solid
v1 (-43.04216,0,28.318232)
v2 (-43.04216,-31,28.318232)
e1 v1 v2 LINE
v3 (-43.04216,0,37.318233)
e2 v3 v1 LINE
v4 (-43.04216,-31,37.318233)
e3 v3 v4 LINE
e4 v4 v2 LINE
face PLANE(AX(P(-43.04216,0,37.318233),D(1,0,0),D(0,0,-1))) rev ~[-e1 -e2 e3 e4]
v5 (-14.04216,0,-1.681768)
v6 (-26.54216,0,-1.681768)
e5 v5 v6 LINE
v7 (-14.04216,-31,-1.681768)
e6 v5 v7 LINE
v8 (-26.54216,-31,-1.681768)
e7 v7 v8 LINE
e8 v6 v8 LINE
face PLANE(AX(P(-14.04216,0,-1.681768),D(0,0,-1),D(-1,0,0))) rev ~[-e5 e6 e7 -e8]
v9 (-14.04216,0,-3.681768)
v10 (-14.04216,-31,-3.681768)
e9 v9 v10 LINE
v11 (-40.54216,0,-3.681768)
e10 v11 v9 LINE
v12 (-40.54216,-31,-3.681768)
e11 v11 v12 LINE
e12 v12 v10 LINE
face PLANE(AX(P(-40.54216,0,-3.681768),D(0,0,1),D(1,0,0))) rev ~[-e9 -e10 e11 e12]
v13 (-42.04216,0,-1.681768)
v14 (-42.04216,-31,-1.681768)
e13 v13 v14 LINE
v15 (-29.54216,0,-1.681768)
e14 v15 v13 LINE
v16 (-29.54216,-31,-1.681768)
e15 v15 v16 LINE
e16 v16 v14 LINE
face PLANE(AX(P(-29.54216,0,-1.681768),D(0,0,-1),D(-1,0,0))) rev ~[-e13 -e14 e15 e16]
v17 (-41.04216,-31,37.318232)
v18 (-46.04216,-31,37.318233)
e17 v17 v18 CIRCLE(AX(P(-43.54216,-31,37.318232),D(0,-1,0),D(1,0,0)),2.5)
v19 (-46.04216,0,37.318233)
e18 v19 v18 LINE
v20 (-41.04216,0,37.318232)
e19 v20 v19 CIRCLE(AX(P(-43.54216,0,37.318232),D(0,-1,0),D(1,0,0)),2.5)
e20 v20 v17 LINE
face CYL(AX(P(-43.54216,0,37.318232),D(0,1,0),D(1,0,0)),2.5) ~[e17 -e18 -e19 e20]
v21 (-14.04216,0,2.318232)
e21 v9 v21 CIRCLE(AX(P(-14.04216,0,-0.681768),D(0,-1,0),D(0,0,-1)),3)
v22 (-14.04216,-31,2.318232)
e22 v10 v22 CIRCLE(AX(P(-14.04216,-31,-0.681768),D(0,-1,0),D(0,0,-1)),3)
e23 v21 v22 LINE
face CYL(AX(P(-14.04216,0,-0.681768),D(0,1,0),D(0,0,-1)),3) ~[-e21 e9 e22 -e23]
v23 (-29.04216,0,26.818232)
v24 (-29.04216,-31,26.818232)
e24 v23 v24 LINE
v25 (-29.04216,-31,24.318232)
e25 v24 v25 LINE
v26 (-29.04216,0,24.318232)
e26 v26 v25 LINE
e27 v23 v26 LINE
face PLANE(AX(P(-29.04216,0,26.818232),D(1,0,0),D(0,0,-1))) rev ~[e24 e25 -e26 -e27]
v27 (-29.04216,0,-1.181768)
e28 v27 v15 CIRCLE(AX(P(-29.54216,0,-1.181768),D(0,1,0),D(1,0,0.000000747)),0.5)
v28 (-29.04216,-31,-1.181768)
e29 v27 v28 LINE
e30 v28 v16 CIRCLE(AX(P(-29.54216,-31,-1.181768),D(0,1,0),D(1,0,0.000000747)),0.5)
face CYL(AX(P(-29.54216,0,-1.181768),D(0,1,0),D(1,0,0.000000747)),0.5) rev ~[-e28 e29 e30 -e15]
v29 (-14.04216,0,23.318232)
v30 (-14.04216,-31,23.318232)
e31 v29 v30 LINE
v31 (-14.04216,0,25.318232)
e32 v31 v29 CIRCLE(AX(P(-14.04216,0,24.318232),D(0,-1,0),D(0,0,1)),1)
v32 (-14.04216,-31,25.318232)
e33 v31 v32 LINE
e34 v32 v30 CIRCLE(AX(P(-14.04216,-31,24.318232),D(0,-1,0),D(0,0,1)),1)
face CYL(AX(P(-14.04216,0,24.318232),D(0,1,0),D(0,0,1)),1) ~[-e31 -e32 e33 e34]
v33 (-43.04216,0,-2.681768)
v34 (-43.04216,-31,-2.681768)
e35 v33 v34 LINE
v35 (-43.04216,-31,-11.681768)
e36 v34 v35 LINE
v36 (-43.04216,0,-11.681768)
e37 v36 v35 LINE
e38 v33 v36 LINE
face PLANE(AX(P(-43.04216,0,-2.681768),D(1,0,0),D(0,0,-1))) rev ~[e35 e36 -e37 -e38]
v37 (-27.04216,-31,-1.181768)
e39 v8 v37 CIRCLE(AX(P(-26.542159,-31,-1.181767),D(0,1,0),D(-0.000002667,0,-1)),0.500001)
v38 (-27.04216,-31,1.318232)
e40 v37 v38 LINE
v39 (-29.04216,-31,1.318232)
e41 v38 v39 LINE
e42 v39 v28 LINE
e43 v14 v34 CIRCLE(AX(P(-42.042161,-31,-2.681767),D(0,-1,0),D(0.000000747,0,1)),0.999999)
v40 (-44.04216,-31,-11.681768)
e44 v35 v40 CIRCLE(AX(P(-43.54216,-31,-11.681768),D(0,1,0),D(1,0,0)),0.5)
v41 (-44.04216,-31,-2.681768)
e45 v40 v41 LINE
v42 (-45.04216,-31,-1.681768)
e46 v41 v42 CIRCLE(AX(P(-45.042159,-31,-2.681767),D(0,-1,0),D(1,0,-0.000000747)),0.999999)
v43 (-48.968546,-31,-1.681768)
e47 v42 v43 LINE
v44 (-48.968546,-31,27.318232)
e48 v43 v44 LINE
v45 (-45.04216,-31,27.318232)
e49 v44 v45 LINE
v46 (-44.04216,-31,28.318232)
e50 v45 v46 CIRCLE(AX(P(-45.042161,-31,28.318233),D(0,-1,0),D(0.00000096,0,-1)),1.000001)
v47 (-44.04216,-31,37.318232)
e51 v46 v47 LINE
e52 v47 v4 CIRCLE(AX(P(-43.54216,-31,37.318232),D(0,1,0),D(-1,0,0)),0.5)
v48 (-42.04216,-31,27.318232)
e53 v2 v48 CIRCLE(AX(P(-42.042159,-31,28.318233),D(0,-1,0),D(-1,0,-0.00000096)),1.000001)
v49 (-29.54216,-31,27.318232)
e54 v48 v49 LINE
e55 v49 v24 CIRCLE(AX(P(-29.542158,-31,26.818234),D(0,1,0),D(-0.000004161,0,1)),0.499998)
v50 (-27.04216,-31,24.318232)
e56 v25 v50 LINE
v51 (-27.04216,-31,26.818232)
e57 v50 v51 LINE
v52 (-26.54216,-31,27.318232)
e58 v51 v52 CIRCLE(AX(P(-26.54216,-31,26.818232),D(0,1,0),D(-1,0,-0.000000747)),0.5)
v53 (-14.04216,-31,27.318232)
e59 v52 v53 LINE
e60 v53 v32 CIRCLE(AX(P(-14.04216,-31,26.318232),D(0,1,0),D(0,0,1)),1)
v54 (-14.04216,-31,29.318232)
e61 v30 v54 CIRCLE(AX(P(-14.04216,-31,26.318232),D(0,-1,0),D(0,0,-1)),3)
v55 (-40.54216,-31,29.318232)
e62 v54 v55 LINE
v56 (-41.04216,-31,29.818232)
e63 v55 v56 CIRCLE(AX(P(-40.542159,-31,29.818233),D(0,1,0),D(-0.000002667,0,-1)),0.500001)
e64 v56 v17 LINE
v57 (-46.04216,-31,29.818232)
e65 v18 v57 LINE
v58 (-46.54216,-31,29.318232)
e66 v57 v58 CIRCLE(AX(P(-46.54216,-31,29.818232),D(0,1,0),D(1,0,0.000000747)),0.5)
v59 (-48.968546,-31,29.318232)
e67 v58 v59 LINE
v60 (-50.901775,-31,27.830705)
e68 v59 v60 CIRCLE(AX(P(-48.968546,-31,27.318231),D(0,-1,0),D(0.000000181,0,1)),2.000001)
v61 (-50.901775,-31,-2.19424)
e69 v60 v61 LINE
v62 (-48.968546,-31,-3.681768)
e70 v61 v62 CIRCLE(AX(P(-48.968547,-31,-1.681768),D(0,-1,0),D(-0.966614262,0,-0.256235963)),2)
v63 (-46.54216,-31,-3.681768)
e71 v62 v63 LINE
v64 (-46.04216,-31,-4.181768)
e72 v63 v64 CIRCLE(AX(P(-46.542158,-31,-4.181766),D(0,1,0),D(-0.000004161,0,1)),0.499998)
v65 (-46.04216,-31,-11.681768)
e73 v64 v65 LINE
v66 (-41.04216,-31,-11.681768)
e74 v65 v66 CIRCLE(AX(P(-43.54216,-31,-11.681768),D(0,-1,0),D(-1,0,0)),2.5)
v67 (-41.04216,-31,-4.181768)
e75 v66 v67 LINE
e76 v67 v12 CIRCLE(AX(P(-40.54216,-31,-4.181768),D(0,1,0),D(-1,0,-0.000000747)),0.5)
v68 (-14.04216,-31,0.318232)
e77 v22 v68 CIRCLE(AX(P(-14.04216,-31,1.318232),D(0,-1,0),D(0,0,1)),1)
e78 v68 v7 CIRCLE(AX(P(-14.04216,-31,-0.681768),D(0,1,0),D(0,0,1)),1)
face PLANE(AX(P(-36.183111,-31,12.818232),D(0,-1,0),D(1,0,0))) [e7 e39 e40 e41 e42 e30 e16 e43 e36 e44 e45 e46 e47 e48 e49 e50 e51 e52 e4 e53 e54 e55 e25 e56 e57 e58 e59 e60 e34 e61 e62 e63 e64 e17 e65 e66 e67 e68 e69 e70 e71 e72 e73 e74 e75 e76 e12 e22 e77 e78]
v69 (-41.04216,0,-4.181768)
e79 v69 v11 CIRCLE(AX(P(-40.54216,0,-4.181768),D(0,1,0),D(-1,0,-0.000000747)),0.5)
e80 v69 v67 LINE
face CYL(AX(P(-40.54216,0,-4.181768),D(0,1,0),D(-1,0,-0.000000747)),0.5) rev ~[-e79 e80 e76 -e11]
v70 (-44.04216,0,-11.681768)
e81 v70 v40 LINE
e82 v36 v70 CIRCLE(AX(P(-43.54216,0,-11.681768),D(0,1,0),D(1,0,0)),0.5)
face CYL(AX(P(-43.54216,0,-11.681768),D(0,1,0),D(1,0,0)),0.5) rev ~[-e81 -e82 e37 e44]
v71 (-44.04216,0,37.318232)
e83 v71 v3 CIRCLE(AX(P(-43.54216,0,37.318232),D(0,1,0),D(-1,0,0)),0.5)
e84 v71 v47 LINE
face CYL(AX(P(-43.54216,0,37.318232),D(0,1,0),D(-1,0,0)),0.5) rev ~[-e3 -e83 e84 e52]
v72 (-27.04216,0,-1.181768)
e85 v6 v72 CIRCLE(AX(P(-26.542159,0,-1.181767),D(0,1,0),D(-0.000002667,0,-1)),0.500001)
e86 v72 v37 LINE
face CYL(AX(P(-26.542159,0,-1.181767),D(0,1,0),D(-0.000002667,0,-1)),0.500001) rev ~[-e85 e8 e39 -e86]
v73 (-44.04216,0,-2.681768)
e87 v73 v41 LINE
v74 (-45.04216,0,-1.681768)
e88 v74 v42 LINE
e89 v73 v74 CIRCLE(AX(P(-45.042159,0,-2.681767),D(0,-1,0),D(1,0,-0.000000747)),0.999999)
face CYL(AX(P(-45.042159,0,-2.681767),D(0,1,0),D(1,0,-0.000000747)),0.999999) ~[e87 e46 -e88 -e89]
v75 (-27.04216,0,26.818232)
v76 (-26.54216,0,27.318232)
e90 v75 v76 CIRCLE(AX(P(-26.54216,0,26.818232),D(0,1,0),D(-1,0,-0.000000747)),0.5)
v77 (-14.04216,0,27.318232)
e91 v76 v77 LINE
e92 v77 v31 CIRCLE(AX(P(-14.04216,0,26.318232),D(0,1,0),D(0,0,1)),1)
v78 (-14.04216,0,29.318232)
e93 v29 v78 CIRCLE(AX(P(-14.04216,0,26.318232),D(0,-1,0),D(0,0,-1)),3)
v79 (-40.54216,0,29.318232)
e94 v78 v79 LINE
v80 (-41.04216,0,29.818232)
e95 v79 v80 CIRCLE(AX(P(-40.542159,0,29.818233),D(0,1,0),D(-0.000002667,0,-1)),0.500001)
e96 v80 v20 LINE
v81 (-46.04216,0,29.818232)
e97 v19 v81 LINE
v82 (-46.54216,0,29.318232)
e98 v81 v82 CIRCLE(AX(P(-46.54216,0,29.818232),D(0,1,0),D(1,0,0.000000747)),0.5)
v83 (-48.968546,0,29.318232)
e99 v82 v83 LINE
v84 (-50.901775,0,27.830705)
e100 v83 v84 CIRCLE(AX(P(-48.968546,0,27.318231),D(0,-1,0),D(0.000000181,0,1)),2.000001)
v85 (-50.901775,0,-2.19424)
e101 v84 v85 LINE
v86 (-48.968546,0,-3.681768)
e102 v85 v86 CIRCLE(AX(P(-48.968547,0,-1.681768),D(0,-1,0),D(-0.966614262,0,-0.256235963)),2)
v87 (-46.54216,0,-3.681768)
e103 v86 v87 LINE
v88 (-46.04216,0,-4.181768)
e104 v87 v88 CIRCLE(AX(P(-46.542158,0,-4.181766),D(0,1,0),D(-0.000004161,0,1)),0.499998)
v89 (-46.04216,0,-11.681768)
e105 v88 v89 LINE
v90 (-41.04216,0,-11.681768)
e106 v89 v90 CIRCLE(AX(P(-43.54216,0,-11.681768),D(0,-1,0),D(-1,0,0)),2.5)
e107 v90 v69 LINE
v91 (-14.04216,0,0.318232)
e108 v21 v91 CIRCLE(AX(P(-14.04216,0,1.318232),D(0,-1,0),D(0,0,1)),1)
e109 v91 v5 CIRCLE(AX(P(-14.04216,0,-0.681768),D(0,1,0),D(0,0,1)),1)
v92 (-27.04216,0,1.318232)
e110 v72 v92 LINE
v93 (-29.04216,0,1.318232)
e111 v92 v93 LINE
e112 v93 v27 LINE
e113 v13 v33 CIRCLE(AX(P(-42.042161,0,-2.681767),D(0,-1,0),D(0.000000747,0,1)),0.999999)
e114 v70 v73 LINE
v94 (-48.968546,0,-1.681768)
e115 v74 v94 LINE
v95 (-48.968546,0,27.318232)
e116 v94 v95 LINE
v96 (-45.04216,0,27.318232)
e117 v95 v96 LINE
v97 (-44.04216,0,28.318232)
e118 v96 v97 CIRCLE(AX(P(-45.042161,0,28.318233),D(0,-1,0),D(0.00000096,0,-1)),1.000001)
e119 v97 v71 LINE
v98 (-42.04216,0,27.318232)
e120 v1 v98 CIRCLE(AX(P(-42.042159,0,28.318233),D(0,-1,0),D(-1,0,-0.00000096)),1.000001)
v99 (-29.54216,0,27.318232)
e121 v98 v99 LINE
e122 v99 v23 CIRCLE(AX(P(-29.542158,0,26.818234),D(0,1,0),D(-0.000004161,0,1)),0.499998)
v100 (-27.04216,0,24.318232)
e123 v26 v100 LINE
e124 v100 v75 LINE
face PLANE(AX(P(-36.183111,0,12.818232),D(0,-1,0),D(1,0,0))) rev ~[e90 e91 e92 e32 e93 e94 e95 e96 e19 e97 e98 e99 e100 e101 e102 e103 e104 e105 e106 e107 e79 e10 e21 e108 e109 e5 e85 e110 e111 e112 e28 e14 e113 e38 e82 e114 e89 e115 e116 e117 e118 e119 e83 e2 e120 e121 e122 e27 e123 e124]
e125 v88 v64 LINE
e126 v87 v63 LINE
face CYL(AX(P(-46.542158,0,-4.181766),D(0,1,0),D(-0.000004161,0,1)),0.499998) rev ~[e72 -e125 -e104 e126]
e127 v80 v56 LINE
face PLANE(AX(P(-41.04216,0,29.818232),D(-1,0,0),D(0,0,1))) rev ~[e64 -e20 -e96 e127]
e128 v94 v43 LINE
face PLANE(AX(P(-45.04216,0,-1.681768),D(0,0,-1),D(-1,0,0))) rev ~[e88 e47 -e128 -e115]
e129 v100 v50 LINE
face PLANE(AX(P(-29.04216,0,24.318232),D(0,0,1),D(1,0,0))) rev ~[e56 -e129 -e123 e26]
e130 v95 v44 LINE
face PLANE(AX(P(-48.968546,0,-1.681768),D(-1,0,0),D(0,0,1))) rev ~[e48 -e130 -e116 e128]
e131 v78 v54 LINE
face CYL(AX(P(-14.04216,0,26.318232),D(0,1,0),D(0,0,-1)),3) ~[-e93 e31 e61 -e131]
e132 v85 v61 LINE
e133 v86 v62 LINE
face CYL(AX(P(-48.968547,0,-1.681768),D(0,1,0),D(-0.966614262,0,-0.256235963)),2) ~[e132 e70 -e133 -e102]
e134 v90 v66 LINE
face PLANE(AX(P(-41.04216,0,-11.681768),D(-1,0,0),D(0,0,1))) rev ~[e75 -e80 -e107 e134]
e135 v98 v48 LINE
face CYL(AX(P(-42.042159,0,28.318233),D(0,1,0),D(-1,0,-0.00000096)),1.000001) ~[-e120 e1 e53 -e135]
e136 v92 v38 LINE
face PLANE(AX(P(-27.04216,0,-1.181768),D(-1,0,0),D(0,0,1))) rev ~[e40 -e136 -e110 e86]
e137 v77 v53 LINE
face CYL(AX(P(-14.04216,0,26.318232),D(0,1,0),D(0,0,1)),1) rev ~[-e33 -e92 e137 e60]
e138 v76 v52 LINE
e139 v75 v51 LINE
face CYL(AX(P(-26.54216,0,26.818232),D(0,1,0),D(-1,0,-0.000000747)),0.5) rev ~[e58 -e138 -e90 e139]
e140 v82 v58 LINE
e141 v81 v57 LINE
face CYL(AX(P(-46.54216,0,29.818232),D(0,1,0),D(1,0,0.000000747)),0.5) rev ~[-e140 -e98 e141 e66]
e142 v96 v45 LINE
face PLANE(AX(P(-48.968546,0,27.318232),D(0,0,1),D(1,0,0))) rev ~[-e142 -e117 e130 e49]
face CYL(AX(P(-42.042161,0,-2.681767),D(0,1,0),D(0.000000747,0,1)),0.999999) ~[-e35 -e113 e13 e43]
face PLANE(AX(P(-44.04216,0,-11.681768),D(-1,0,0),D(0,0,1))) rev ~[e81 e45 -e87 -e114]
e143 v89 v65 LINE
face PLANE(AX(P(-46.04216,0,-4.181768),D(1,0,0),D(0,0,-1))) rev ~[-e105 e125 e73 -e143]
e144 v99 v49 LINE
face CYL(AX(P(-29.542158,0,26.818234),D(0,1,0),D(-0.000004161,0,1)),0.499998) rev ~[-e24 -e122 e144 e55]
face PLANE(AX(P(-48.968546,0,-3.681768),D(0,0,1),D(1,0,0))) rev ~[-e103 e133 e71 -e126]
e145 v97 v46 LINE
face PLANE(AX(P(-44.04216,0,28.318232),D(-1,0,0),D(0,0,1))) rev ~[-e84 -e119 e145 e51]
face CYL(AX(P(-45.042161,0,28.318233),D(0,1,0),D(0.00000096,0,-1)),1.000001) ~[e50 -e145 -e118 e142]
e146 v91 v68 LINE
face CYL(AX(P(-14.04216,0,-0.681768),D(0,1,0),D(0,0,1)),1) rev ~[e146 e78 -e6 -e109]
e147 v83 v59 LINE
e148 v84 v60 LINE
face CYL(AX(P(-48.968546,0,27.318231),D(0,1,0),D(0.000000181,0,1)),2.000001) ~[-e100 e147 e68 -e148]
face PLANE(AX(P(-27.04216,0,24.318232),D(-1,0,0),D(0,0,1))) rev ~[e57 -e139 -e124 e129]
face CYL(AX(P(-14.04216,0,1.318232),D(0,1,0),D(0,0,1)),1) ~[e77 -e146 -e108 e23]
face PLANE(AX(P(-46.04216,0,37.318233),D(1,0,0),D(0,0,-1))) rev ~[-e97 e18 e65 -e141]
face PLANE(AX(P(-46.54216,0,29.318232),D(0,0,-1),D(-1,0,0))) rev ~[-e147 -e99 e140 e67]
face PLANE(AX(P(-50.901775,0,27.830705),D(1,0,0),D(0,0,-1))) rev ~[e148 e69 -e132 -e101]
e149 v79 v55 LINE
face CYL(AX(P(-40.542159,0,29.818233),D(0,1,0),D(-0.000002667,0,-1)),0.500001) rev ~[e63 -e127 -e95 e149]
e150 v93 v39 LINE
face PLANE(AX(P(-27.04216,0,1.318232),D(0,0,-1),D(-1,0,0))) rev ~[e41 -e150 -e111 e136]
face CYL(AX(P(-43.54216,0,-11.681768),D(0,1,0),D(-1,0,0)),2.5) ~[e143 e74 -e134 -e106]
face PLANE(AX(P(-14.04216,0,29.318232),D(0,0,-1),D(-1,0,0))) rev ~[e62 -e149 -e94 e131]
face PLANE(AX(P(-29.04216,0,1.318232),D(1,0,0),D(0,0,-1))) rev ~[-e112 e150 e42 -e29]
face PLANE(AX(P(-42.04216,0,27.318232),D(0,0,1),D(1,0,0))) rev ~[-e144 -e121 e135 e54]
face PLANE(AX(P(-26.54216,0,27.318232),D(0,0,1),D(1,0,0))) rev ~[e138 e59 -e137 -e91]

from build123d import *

# Parameters (mm, degrees)
F1_DEPTH = 31


with BuildPart() as f1:
    # F0 (on Front) → F1 (new body)
    with BuildSketch(Plane.XZ):
        with BuildLine():
            ThreePointArc((-27.04216, 26.818232), (-26.895713, 27.171786), (-26.54216, 27.318232))
            Line((-26.54216, 27.318232), (-14.04216, 27.318232))
            ThreePointArc((-14.04216, 27.318232), (-13.04216, 26.318232), (-14.04216, 25.318232))
            ThreePointArc((-14.04216, 25.318232), (-15.04216, 24.318232), (-14.04216, 23.318232))
            ThreePointArc((-14.04216, 23.318232), (-11.04216, 26.318232), (-14.04216, 29.318232))
            Line((-14.04216, 29.318232), (-40.54216, 29.318232))
            ThreePointArc((-40.54216, 29.318232), (-40.895713, 29.464679), (-41.04216, 29.818232))
            Line((-41.04216, 29.818232), (-41.04216, 37.318232))
            ThreePointArc((-41.04216, 37.318232), (-43.54216, 39.818232), (-46.04216, 37.318233))
            Line((-46.04216, 37.318233), (-46.04216, 29.818232))
            ThreePointArc((-46.04216, 29.818232), (-46.188606, 29.464679), (-46.54216, 29.318232))
            Line((-46.54216, 29.318232), (-48.968546, 29.318232))
            ThreePointArc((-48.968546, 29.318232), (-50.188189, 28.90331), (-50.901775, 27.830705))
            Line((-50.901775, 27.830705), (-50.901775, 12.818232))
            Line((-50.901775, 12.818232), (-50.901775, -2.19424))
            ThreePointArc((-50.901775, -2.19424), (-50.188189, -3.266846), (-48.968546, -3.681768))
            Line((-48.968546, -3.681768), (-46.54216, -3.681768))
            ThreePointArc((-46.54216, -3.681768), (-46.188606, -3.828214), (-46.04216, -4.181768))
            Line((-46.04216, -4.181768), (-46.04216, -11.681768))
            ThreePointArc((-46.04216, -11.681768), (-43.54216, -14.181768), (-41.04216, -11.681768))
            Line((-41.04216, -11.681768), (-41.04216, -4.181768))
            ThreePointArc((-41.04216, -4.181768), (-40.895713, -3.828214), (-40.54216, -3.681768))
            Line((-40.54216, -3.681768), (-14.04216, -3.681768))
            ThreePointArc((-14.04216, -3.681768), (-11.04216, -0.681768), (-14.04216, 2.318232))
            ThreePointArc((-14.04216, 2.318232), (-15.04216, 1.318232), (-14.04216, 0.318232))
            ThreePointArc((-14.04216, 0.318232), (-13.04216, -0.681768), (-14.04216, -1.681768))
            Line((-14.04216, -1.681768), (-26.54216, -1.681768))
            ThreePointArc((-26.54216, -1.681768), (-26.895713, -1.535321), (-27.04216, -1.181768))
            Line((-27.04216, -1.181768), (-27.04216, 1.318232))
            Line((-27.04216, 1.318232), (-29.04216, 1.318232))
            Line((-29.04216, 1.318232), (-29.04216, -1.181768))
            ThreePointArc((-29.04216, -1.181768), (-29.188606, -1.535321), (-29.54216, -1.681768))
            Line((-29.54216, -1.681768), (-42.04216, -1.681768))
            ThreePointArc((-42.04216, -1.681768), (-42.749267, -1.974661), (-43.04216, -2.681768))
            Line((-43.04216, -2.681768), (-43.04216, -11.681768))
            ThreePointArc((-43.04216, -11.681768), (-43.54216, -12.181768), (-44.04216, -11.681768))
            Line((-44.04216, -11.681768), (-44.04216, -2.681768))
            ThreePointArc((-44.04216, -2.681768), (-44.335053, -1.974661), (-45.04216, -1.681768))
            Line((-45.04216, -1.681768), (-48.968546, -1.681768))
            Line((-48.968546, -1.681768), (-48.968546, 12.818232))
            Line((-48.968546, 12.818232), (-48.968546, 27.318232))
            Line((-48.968546, 27.318232), (-45.04216, 27.318232))
            ThreePointArc((-45.04216, 27.318232), (-44.335053, 27.611126), (-44.04216, 28.318232))
            Line((-44.04216, 28.318232), (-44.04216, 37.318232))
            ThreePointArc((-44.04216, 37.318232), (-43.54216, 37.818232), (-43.04216, 37.318233))
            Line((-43.04216, 37.318233), (-43.04216, 28.318232))
            ThreePointArc((-43.04216, 28.318232), (-42.749267, 27.611126), (-42.04216, 27.318232))
            Line((-42.04216, 27.318232), (-29.54216, 27.318232))
            ThreePointArc((-29.54216, 27.318232), (-29.188606, 27.171786), (-29.04216, 26.818232))
            Line((-29.04216, 26.818232), (-29.04216, 24.318232))
            Line((-29.04216, 24.318232), (-27.04216, 24.318232))
            Line((-27.04216, 24.318232), (-27.04216, 26.818232))
        make_face()
    extrude(amount=F1_DEPTH)


solid = f1.part
